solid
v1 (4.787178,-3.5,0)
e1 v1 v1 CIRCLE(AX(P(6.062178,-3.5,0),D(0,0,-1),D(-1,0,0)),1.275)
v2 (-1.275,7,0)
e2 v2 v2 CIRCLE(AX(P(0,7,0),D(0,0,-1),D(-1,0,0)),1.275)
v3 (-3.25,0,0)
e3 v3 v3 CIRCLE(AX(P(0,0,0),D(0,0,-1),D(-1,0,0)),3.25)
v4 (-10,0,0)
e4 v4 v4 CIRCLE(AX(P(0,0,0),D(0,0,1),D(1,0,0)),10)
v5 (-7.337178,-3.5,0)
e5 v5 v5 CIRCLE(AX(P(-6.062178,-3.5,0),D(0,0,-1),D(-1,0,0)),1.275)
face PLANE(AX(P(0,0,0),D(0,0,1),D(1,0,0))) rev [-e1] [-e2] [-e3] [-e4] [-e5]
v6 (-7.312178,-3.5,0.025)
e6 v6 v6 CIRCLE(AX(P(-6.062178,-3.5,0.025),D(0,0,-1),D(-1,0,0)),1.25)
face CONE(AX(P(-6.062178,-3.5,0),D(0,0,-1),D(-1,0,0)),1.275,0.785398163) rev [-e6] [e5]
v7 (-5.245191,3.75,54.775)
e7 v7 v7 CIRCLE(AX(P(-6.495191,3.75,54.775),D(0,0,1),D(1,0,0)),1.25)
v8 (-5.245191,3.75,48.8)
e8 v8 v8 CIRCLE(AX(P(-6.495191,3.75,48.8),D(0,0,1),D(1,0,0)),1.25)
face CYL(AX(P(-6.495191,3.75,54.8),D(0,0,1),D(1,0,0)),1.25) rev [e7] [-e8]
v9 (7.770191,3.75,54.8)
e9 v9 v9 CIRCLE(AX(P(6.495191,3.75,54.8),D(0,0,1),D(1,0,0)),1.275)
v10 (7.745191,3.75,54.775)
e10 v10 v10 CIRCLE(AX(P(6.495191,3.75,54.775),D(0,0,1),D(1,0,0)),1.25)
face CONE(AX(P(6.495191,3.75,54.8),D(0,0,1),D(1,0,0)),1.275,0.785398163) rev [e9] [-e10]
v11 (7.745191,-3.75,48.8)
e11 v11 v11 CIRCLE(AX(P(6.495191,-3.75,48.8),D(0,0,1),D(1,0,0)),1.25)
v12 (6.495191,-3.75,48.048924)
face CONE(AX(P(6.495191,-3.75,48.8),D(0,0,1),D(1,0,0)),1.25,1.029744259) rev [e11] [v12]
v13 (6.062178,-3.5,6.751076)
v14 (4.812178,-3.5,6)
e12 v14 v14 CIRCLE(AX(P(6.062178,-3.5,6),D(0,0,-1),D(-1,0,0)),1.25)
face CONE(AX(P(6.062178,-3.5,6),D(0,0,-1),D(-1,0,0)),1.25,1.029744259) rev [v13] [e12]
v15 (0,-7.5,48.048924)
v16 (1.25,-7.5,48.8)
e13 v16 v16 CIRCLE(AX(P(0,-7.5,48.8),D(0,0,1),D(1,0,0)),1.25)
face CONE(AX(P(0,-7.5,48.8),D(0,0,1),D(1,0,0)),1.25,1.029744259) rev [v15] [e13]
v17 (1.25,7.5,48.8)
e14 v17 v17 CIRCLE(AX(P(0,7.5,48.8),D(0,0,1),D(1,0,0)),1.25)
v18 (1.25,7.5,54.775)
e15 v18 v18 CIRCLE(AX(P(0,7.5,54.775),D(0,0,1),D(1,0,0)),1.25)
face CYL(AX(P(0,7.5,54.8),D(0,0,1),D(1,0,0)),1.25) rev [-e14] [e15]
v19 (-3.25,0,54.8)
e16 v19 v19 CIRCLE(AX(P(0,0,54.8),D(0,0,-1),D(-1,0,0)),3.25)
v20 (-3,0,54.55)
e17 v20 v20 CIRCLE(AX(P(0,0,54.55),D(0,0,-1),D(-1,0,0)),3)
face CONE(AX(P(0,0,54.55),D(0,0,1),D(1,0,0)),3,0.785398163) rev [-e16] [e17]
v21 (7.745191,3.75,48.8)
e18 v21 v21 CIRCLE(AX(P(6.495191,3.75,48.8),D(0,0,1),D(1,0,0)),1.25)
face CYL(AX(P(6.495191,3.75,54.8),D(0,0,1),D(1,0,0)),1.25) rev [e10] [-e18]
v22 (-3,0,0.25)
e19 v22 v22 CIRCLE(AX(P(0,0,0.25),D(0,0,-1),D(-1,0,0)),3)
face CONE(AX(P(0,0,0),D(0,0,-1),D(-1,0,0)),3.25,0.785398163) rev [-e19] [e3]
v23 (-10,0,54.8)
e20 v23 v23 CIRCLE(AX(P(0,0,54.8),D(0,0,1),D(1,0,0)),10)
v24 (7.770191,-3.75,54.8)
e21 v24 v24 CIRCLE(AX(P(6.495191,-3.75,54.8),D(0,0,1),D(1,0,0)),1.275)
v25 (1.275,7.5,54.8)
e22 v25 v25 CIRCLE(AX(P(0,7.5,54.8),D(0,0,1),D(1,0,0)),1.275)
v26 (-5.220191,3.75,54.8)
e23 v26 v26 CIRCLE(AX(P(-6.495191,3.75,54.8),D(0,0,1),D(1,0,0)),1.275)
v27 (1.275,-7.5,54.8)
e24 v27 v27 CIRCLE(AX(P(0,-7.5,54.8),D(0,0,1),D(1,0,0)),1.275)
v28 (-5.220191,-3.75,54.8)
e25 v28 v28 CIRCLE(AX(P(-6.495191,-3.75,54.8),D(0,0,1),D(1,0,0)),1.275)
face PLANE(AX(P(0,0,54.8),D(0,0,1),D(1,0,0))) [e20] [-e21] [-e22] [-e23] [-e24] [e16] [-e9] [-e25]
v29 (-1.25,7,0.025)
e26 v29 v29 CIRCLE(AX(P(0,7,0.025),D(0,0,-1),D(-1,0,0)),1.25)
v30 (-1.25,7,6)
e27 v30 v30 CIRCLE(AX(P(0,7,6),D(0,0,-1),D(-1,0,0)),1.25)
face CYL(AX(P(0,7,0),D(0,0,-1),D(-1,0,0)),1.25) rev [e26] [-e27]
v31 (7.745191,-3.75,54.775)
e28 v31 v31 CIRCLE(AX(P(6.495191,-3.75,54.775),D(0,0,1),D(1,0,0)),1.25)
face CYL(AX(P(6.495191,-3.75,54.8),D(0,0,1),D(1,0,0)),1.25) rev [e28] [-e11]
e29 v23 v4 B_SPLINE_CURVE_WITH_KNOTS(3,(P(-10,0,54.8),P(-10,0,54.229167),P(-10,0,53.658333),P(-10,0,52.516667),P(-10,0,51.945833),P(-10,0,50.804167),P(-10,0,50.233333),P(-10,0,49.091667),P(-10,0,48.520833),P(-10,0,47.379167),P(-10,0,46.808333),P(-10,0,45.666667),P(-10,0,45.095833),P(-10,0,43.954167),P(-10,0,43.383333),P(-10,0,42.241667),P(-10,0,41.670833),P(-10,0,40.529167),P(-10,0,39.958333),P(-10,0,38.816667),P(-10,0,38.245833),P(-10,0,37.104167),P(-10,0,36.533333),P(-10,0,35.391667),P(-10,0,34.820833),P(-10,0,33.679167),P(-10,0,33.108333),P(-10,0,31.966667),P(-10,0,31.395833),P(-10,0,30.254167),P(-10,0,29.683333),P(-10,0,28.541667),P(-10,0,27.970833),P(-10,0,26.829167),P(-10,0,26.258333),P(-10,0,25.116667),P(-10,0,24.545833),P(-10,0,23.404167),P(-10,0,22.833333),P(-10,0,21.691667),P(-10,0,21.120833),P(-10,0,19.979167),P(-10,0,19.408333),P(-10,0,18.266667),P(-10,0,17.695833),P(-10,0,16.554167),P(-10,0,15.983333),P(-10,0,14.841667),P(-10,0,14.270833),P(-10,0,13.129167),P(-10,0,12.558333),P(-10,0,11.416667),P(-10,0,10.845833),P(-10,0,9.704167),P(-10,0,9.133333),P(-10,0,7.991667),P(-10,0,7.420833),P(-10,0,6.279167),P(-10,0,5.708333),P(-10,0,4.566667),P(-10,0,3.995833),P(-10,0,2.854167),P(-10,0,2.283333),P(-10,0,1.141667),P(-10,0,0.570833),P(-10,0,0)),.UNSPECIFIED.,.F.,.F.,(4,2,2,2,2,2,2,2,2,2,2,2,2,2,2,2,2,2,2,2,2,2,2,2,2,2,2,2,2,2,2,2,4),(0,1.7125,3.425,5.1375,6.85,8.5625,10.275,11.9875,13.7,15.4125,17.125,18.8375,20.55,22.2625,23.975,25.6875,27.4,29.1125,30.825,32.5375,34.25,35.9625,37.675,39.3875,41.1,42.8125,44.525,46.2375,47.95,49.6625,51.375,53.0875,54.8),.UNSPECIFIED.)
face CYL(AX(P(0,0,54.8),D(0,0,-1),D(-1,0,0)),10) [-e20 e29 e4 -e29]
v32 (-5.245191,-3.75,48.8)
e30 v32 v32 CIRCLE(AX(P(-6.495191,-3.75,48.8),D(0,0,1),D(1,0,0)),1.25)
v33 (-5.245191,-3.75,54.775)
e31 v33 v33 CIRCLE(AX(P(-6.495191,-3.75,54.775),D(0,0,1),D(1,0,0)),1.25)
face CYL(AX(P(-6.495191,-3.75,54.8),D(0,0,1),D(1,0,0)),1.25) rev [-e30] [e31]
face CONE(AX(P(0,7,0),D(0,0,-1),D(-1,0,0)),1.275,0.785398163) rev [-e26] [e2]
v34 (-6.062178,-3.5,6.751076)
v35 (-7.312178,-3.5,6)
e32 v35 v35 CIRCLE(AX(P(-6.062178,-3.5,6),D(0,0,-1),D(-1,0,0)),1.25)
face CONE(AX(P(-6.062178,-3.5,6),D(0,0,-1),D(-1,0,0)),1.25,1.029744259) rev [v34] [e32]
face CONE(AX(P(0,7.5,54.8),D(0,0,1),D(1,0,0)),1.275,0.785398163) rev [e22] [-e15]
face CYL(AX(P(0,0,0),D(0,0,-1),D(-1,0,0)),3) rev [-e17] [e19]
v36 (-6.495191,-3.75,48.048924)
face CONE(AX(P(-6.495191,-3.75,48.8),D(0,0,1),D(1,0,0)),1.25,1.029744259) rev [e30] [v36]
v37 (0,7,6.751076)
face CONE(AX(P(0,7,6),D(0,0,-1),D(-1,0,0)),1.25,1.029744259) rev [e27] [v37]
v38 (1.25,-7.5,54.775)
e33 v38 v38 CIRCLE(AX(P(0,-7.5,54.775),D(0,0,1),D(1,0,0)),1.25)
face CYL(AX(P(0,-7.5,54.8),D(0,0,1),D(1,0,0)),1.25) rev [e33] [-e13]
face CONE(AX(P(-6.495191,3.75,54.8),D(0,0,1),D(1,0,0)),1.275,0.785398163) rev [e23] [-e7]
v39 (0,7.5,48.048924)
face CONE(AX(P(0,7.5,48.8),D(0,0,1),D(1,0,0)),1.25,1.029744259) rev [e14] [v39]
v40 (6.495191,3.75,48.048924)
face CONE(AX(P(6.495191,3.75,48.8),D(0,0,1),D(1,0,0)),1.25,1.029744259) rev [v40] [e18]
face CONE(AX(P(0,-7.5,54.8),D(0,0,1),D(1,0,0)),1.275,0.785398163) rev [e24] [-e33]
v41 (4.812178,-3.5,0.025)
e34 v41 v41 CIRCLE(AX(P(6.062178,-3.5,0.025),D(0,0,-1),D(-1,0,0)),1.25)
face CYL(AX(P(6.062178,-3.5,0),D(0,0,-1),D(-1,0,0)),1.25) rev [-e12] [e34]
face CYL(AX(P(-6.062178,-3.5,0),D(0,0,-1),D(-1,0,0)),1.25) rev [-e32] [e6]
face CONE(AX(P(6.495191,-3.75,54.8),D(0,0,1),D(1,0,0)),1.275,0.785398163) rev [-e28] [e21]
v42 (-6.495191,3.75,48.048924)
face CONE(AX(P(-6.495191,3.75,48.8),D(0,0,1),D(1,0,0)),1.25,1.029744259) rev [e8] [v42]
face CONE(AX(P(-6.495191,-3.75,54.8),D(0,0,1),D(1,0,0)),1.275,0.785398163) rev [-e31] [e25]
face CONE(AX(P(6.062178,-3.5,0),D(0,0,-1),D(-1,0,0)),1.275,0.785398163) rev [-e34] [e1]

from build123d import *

# Parameters (mm, degrees)
SKETCH1_R                         = 10
BOSS_EXTRUDE1_DEPTH               = 54.8
TAP_DRILL_FOR_M3_TAP1_D           = 2.5
TAP_DRILL_FOR_M3_TAP1_DEPTH       = 6
TAP_DRILL_FOR_M3_TAP1_CSINK_D     = 2.55
TAP_DRILL_FOR_M3_TAP1_CSINK_ANGLE = 90
TAP_DRILL_FOR_M3_TAP1_TIP         = 0.751075774
TAP_DRILL_FOR_M3_TAP2_D           = 2.5
TAP_DRILL_FOR_M3_TAP2_DEPTH       = 6
TAP_DRILL_FOR_M3_TAP2_CSINK_D     = 2.55
TAP_DRILL_FOR_M3_TAP2_CSINK_ANGLE = 90
TAP_DRILL_FOR_M3_TAP2_TIP         = 0.751075774


with BuildPart() as part:
    # Sketch1 → Boss-Extrude1 (new body)
    with BuildSketch(Plane.XY):
        with Locations(Location((0, 0, 0), (0, 0, 180))):
            Circle(SKETCH1_R)
    extrude(amount=BOSS_EXTRUDE1_DEPTH)

    # Sketch4 → Ø6.0mm Dowel Hole1 (revolve, cut)
    with BuildSketch(Plane.YZ):
        Polygon((0, 0), (0, 54.8), (3.25, 54.8), (3, 54.55), (3, 0.25), (3.25, 0), align=None)
    revolve(axis=Axis((0, 0, -6.35), (0, 0, 1)), mode=Mode.SUBTRACT)

    # Tap Drill for M3 Tap1
    with Locations(Plane(origin=(0, 0, 0), x_dir=(-1, 0, 0), z_dir=(0, 0, -1))):
        with Locations((-6.062177826, -3.5), (0, 7), (6.062177826, -3.5)):
            CounterSinkHole(TAP_DRILL_FOR_M3_TAP1_D / 2, TAP_DRILL_FOR_M3_TAP1_CSINK_D / 2, depth=TAP_DRILL_FOR_M3_TAP1_DEPTH, counter_sink_angle=TAP_DRILL_FOR_M3_TAP1_CSINK_ANGLE)
            with Locations((0, 0, -(TAP_DRILL_FOR_M3_TAP1_DEPTH + TAP_DRILL_FOR_M3_TAP1_TIP / 2))):  # 118° drill point
                Cone(0, TAP_DRILL_FOR_M3_TAP1_D / 2, TAP_DRILL_FOR_M3_TAP1_TIP, mode=Mode.SUBTRACT)

    # Tap Drill for M3 Tap2
    with Locations(Plane.XY.offset(54.8)):
        with Locations((-6.495190528, 3.75), (0, 7.5), (6.495190528, 3.75), (6.495190528, -3.75), (0, -7.5), (-6.495190528, -3.75)):
            CounterSinkHole(TAP_DRILL_FOR_M3_TAP2_D / 2, TAP_DRILL_FOR_M3_TAP2_CSINK_D / 2, depth=TAP_DRILL_FOR_M3_TAP2_DEPTH, counter_sink_angle=TAP_DRILL_FOR_M3_TAP2_CSINK_ANGLE)
            with Locations((0, 0, -(TAP_DRILL_FOR_M3_TAP2_DEPTH + TAP_DRILL_FOR_M3_TAP2_TIP / 2))):  # 118° drill point
                Cone(0, TAP_DRILL_FOR_M3_TAP2_D / 2, TAP_DRILL_FOR_M3_TAP2_TIP, mode=Mode.SUBTRACT)


solid = part.part
